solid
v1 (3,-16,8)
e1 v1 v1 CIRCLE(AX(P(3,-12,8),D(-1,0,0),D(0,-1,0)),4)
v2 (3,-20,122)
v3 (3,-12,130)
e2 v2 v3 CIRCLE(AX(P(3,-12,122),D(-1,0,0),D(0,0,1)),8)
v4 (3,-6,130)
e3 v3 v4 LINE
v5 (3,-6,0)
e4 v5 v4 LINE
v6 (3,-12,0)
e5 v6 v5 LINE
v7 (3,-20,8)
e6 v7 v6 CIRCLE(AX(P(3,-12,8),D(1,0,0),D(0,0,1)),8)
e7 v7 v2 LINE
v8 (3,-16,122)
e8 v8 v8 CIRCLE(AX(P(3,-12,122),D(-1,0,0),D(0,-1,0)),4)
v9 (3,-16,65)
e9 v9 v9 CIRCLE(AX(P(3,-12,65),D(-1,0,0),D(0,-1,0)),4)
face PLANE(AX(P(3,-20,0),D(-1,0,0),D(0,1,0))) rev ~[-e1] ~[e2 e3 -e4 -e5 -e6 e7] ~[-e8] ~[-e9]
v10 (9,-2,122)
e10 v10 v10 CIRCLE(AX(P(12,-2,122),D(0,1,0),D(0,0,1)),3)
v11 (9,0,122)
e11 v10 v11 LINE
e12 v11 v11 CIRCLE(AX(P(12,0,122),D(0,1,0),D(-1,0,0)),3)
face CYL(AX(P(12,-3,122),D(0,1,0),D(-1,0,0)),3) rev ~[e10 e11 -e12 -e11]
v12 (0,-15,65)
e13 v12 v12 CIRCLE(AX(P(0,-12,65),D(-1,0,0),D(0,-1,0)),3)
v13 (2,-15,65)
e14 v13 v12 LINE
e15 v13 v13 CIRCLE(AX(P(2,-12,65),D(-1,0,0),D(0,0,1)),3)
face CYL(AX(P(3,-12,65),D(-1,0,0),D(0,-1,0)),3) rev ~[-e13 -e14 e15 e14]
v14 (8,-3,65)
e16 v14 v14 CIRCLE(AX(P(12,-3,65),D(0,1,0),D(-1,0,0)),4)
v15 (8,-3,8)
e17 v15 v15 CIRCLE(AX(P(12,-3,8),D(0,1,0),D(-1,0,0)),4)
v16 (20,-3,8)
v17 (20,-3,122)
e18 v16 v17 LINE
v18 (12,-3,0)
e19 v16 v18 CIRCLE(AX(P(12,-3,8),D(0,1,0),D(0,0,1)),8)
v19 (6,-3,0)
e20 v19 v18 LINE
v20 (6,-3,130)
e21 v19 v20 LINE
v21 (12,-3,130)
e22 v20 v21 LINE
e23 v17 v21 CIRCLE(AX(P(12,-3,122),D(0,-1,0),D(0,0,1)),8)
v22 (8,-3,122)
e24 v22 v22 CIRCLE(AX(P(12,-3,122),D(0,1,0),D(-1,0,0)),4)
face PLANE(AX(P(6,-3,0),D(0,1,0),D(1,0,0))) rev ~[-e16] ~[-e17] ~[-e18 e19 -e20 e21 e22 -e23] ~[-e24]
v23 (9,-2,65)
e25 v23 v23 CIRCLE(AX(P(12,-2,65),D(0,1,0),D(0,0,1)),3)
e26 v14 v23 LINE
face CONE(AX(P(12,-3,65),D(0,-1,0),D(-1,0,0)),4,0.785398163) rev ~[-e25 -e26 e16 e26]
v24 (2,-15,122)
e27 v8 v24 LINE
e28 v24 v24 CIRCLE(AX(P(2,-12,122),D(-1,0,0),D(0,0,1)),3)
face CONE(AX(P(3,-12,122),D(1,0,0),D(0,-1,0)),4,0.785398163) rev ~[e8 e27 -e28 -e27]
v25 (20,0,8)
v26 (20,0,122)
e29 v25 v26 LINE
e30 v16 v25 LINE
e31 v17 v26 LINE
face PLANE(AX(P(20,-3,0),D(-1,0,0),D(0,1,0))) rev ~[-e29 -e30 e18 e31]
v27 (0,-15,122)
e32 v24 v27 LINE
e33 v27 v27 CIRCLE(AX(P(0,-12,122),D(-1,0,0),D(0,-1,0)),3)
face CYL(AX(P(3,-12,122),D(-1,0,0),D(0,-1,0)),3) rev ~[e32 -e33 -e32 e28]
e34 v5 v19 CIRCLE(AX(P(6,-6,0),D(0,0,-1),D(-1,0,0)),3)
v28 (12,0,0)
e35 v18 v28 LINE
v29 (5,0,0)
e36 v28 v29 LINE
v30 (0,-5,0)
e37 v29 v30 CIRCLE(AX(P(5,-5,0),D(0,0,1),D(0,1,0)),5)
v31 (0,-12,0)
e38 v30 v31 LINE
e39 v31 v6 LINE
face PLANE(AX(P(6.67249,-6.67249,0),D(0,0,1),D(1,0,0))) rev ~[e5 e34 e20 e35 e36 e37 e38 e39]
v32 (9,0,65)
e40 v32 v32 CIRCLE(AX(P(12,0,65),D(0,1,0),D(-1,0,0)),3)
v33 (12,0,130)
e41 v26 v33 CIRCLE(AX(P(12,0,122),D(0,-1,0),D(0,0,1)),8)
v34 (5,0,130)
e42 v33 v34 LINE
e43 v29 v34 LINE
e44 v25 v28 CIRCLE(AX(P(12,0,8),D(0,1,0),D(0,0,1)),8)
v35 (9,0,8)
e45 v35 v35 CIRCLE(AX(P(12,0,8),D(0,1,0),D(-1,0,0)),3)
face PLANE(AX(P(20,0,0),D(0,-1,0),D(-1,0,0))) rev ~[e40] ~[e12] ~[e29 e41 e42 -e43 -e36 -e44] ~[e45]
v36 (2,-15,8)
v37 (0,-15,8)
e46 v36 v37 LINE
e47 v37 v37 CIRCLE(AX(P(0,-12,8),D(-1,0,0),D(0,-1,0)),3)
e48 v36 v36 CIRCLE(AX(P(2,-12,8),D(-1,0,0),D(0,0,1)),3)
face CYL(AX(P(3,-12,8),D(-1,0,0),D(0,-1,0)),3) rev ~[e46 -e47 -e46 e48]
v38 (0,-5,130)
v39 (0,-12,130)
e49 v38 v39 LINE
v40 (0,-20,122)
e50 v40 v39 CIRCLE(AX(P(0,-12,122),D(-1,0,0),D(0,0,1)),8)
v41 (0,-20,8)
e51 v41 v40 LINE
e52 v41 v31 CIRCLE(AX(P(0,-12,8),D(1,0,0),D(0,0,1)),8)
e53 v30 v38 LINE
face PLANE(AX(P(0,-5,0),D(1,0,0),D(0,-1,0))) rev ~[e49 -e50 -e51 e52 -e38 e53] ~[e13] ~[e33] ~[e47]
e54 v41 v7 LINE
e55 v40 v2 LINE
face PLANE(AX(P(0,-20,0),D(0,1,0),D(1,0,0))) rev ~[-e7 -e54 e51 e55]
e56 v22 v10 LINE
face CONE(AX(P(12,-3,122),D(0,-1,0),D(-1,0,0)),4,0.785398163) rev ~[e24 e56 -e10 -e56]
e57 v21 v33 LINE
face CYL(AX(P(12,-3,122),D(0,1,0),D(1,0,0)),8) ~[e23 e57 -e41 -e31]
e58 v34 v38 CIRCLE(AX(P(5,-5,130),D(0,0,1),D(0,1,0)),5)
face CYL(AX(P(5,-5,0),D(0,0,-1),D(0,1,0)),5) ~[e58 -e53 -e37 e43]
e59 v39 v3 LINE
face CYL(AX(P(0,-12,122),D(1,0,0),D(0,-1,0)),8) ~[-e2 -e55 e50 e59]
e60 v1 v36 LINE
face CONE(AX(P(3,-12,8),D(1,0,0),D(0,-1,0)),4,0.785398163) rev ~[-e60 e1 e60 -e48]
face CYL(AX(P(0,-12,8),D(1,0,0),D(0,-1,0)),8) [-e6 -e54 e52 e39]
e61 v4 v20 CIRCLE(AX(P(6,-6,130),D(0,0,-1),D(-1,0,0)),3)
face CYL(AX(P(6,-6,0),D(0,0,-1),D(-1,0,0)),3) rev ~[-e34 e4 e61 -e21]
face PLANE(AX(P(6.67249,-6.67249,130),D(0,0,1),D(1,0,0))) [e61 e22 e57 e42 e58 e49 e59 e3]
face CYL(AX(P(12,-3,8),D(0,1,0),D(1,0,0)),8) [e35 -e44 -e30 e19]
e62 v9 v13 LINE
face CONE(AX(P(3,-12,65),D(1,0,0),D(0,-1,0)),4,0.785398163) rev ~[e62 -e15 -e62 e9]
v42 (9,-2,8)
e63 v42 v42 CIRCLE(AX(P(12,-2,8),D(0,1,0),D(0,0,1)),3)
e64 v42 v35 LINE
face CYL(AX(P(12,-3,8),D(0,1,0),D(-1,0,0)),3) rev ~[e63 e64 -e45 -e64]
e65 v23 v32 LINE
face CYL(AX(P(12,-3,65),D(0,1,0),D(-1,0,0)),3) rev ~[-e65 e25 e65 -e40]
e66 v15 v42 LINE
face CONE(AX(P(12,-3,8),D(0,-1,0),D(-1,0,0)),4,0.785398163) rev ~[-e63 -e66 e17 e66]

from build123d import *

# Parameters (mm, degrees)
F1_DEPTH       = 130
F2_R           = 8
F4_D           = 6
F4_CSINK_D     = 8
F4_CSINK_ANGLE = 90
F6_D           = 6
F6_CSINK_D     = 8
F6_CSINK_ANGLE = 90


with BuildPart() as f1:
    # F0 (on Top) → F1 (new body)
    with BuildSketch(Plane.XY):
        with BuildLine():
            Line((20, -3), (20, 0))
            Line((20, 0), (5, 0))
            ThreePointArc((5, 0), (1.4644660941, -1.4644660941), (0, -5))
            Line((0, -5), (0, -20))
            Line((0, -20), (3, -20))
            Line((3, -20), (3, -6))
            ThreePointArc((3, -6), (3.8786796564, -3.8786796564), (6, -3))
            Line((6, -3), (20, -3))
        make_face()
    extrude(amount=F1_DEPTH)

    # F2
    f2_edges = [f1.edges().sort_by_distance(p)[0] for p in [
        (20, -1.5, 130),
        (20, -1.5, 0),
        (1.5, -20, 0),
        (1.5, -20, 130),
    ]]
    fillet(f2_edges, radius=F2_R)

    # F4 (through all)
    with Locations(Plane.XZ.offset(3)):
        with Locations((12, 122), (12, 65), (12, 8)):
            CounterSinkHole(F4_D / 2, F4_CSINK_D / 2, counter_sink_angle=F4_CSINK_ANGLE)

    # F6 (through all)
    with Locations(Plane.YZ.offset(3)):
        with Locations((-12, 122), (-12, 65), (-12, 8)):
            CounterSinkHole(F6_D / 2, F6_CSINK_D / 2, counter_sink_angle=F6_CSINK_ANGLE)


solid = f1.part
